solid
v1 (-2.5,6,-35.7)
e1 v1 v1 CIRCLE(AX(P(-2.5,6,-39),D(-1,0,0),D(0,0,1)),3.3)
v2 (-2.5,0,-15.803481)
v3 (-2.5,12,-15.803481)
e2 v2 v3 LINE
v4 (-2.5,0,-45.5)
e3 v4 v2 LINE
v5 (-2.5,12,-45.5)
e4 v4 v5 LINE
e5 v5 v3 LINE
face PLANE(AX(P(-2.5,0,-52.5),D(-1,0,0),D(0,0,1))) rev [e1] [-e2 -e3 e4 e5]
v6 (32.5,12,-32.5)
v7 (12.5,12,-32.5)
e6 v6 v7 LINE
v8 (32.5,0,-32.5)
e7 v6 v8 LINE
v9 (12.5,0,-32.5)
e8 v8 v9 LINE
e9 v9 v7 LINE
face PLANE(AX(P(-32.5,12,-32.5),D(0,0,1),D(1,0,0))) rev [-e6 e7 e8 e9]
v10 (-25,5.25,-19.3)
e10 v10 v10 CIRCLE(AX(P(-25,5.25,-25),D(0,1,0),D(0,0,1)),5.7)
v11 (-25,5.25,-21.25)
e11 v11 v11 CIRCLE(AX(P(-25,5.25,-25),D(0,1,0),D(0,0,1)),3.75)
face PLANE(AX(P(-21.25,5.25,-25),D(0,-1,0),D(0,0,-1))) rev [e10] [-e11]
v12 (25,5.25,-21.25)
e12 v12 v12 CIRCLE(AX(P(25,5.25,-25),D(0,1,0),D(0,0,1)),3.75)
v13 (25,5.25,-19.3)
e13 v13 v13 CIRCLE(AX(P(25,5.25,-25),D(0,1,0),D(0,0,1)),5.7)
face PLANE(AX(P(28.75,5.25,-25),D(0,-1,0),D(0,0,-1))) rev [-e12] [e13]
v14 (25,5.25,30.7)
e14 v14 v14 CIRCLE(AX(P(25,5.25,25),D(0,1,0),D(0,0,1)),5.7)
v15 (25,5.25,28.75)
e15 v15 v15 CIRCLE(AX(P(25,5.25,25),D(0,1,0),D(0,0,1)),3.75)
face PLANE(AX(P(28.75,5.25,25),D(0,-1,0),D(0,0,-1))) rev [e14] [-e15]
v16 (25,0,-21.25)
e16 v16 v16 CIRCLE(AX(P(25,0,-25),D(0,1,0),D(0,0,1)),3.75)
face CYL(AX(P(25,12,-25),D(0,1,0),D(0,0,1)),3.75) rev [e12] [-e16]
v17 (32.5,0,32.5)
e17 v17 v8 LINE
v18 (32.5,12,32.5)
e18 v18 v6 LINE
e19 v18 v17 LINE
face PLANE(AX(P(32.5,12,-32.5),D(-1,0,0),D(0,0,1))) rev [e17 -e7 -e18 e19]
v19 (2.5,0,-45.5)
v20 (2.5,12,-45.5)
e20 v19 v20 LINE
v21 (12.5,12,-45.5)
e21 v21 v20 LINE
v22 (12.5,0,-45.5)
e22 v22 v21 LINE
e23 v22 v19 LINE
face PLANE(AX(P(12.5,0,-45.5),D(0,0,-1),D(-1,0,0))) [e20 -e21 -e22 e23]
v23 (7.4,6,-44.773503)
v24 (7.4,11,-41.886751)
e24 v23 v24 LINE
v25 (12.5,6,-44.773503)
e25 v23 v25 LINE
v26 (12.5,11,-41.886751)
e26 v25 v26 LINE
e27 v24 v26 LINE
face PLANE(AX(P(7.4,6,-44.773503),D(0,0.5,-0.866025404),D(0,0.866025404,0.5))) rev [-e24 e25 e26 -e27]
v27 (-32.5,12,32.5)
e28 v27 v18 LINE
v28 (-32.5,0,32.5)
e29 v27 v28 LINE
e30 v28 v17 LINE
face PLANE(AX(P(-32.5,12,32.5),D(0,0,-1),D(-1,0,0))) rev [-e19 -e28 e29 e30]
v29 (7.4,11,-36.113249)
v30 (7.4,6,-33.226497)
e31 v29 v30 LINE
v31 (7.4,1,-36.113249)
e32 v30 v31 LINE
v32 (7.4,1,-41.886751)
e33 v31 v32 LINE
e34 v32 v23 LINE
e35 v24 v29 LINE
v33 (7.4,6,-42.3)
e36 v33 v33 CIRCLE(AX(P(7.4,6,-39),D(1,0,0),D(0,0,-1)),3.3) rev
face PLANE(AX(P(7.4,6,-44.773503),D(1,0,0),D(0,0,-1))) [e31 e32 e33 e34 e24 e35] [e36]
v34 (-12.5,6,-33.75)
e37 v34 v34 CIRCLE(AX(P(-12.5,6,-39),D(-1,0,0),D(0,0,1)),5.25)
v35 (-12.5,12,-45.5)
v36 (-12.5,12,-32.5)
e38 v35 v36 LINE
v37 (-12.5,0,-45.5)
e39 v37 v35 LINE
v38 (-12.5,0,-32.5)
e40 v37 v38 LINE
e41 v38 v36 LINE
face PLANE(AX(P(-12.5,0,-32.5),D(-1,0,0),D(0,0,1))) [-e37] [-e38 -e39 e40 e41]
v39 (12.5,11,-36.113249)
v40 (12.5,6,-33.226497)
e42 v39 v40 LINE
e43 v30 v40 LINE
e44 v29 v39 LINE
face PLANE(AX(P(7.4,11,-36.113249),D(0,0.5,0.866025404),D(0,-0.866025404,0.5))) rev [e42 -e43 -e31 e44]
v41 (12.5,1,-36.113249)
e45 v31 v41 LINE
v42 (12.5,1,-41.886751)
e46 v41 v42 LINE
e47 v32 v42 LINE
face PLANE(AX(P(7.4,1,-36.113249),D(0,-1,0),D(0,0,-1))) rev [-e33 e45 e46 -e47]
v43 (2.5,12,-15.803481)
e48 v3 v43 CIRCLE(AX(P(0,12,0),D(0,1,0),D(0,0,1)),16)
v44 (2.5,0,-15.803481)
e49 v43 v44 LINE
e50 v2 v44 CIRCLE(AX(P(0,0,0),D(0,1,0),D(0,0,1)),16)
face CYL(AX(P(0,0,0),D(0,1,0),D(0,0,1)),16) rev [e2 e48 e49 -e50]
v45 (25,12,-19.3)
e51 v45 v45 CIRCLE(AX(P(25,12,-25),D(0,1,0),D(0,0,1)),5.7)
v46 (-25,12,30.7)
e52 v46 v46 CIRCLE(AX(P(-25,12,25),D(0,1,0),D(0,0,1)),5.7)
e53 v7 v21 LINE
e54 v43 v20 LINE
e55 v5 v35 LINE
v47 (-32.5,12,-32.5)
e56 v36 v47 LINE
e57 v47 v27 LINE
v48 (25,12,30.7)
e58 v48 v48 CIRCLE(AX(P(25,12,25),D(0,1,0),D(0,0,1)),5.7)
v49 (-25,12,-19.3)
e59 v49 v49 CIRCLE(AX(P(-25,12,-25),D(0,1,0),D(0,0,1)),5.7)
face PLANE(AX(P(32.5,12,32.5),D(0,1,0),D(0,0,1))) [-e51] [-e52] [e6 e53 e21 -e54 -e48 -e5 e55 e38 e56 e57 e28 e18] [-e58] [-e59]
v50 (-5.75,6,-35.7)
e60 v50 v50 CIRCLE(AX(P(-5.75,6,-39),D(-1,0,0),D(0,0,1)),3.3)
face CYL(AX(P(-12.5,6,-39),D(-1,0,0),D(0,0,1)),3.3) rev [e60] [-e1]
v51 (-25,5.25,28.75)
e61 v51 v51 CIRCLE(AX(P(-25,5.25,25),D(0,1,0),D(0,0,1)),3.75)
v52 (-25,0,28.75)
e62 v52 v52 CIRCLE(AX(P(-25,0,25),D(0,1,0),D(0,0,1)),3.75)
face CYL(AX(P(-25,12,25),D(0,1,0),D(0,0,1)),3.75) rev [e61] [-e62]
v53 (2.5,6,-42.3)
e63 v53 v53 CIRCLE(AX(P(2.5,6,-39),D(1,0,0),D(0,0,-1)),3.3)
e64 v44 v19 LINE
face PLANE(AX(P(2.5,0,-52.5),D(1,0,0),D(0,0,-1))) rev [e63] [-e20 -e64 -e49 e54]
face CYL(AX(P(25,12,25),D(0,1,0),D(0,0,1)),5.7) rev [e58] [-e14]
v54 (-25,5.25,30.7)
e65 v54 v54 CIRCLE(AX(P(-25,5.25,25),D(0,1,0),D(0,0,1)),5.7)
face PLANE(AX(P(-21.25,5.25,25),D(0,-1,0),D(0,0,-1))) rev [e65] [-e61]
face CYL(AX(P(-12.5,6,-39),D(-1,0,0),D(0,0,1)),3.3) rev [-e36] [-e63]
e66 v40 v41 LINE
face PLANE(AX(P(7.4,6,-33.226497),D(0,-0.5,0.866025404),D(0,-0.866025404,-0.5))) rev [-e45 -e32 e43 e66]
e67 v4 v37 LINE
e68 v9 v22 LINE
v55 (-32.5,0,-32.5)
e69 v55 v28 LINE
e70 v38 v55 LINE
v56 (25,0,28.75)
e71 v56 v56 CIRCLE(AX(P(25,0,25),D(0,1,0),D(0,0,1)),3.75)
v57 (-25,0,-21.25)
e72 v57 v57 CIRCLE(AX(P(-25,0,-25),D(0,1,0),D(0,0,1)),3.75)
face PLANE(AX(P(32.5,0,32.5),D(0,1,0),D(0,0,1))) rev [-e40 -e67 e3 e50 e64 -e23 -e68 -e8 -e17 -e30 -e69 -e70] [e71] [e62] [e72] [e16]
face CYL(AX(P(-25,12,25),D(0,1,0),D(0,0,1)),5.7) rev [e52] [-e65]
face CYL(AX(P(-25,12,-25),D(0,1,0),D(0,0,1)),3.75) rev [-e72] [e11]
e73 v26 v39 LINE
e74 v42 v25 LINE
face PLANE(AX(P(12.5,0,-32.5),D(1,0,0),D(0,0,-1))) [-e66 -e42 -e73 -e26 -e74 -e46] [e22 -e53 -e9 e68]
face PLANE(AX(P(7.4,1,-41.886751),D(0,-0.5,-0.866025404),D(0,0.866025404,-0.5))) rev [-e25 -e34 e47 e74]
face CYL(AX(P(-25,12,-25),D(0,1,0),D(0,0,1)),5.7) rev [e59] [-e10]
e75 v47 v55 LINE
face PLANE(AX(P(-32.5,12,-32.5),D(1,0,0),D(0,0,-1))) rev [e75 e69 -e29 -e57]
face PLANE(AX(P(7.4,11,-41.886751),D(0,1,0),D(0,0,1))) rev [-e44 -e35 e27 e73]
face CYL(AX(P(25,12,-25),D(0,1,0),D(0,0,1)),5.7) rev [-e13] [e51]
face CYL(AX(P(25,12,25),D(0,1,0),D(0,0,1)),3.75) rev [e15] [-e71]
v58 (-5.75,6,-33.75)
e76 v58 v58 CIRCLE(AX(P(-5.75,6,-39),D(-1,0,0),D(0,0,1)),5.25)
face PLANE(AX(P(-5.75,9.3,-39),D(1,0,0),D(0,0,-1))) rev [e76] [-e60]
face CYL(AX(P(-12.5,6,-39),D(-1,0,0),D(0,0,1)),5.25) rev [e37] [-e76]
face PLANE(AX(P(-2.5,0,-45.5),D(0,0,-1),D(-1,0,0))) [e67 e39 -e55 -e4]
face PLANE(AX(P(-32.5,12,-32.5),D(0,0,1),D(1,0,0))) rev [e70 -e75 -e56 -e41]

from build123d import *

# Parameters (mm, degrees)
SKETCH1_W                                           = 65
SKETCH1_H                                           = 65
BOSS_EXTRUDE1_DEPTH                                 = 12
SKETCH3_R                                           = 16
CUT_EXTRUDE1_DEPTH                                  = 12
SKETCH4_W                                           = 5
SKETCH4_H                                           = 40
CUT_EXTRUDE2_DEPTH                                  = 12
SKETCH5_W                                           = 10
SKETCH5_H                                           = 13
BOSS_EXTRUDE4_DEPTH                                 = 12
LPATTERN1_COUNT                                     = 2
LPATTERN1_PITCH                                     = 15
CBORE_FOR_M6_HEX_SOCKET_HEAD_CAP_SCREW1_D           = 6.6
CBORE_FOR_M6_HEX_SOCKET_HEAD_CAP_SCREW1_CBORE_D     = 10.5
CBORE_FOR_M6_HEX_SOCKET_HEAD_CAP_SCREW1_CBORE_DEPTH = 6.75
CUT_EXTRUDE3_DEPTH                                  = 5.1
CBORE_FOR_M6_HEX_SOCKET_HEAD_CAP_SCREW2_D           = 7.5
CBORE_FOR_M6_HEX_SOCKET_HEAD_CAP_SCREW2_CBORE_D     = 11.4
CBORE_FOR_M6_HEX_SOCKET_HEAD_CAP_SCREW2_CBORE_DEPTH = 6.75
CBORE_FOR_M6_HEX_SOCKET_HEAD_CAP_SCREW3_D           = 7.5
CBORE_FOR_M6_HEX_SOCKET_HEAD_CAP_SCREW3_CBORE_D     = 11.4
CBORE_FOR_M6_HEX_SOCKET_HEAD_CAP_SCREW3_CBORE_DEPTH = 6.75
CBORE_FOR_M6_HEX_SOCKET_HEAD_CAP_SCREW4_D           = 7.5
CBORE_FOR_M6_HEX_SOCKET_HEAD_CAP_SCREW4_CBORE_D     = 11.4
CBORE_FOR_M6_HEX_SOCKET_HEAD_CAP_SCREW4_CBORE_DEPTH = 6.75
CBORE_FOR_M6_HEX_SOCKET_HEAD_CAP_SCREW5_D           = 7.5
CBORE_FOR_M6_HEX_SOCKET_HEAD_CAP_SCREW5_CBORE_D     = 11.4
CBORE_FOR_M6_HEX_SOCKET_HEAD_CAP_SCREW5_CBORE_DEPTH = 6.75


with BuildPart() as part:
    # Sketch1 → Boss-Extrude1 (new body)
    with BuildSketch(Plane(origin=(0, 0, 0), x_dir=(1, 0, 0), z_dir=(0, 1, 0))):
        Rectangle(SKETCH1_W, SKETCH1_H)
    extrude(amount=BOSS_EXTRUDE1_DEPTH)

    # Sketch3 → Cut-Extrude1 (cut)
    with BuildSketch(Plane(origin=(0, 12, 0), x_dir=(-1, 0, 0), z_dir=(0, 1, 0))):
        with Locations(Location((0, 0, 0), (0, 0, 90))):
            Circle(SKETCH3_R)
    extrude(amount=-CUT_EXTRUDE1_DEPTH, mode=Mode.SUBTRACT)

    # Sketch4 → Cut-Extrude2 (cut)
    with BuildSketch(Plane(origin=(0, 12, 0), x_dir=(-1, 0, 0), z_dir=(0, 1, 0))):
        with Locations((0, -32.5)):
            Rectangle(SKETCH4_W, SKETCH4_H)
    extrude(amount=-CUT_EXTRUDE2_DEPTH, mode=Mode.SUBTRACT)

    # Sketch5 → Boss-Extrude4 (add)
    with BuildSketch(Plane(origin=(0, 12, 0), x_dir=(-1, 0, 0), z_dir=(0, 1, 0))):
        with Locations((7.5, -39)):
            Rectangle(SKETCH5_W, SKETCH5_H)
    boss_extrude4 = extrude(amount=-BOSS_EXTRUDE4_DEPTH)

    # LPattern1: Boss-Extrude4 ×2
    with Locations(*[(i * LPATTERN1_PITCH, 0, 0) for i in range(1, LPATTERN1_COUNT)]):
        add(boss_extrude4)

    # CBORE for M6 Hex Socket Head Cap Screw1 (through all)
    with Locations(Plane.ZY.offset(12.5)):
        with Locations((-39, 6)):
            CounterBoreHole(CBORE_FOR_M6_HEX_SOCKET_HEAD_CAP_SCREW1_D / 2, CBORE_FOR_M6_HEX_SOCKET_HEAD_CAP_SCREW1_CBORE_D / 2, CBORE_FOR_M6_HEX_SOCKET_HEAD_CAP_SCREW1_CBORE_DEPTH)

    # Sketch9 → Cut-Extrude3 (cut)
    with BuildSketch(Plane(origin=(12.5, 0, 0), x_dir=(0, 0, -1), z_dir=(1, 0, 0))):
        Polygon((44.773502692, 6), (41.886751346, 11), (36.113248654, 11), (33.226497308, 6), (36.113248654, 1), (41.886751346, 1), align=None)
    extrude(amount=-CUT_EXTRUDE3_DEPTH, mode=Mode.SUBTRACT)

    # CBORE for M6 Hex Socket Head Cap Screw2 (through all)
    with Locations(Plane(origin=(0, 12, 0), x_dir=(-1, 0, 0), z_dir=(0, 1, 0))):
        with Locations((25, -25)):
            CounterBoreHole(CBORE_FOR_M6_HEX_SOCKET_HEAD_CAP_SCREW2_D / 2, CBORE_FOR_M6_HEX_SOCKET_HEAD_CAP_SCREW2_CBORE_D / 2, CBORE_FOR_M6_HEX_SOCKET_HEAD_CAP_SCREW2_CBORE_DEPTH)

    # CBORE for M6 Hex Socket Head Cap Screw3 (through all)
    with Locations(Plane(origin=(0, 12, 0), x_dir=(-1, 0, 0), z_dir=(0, 1, 0))):
        with Locations((-25, -25)):
            CounterBoreHole(CBORE_FOR_M6_HEX_SOCKET_HEAD_CAP_SCREW3_D / 2, CBORE_FOR_M6_HEX_SOCKET_HEAD_CAP_SCREW3_CBORE_D / 2, CBORE_FOR_M6_HEX_SOCKET_HEAD_CAP_SCREW3_CBORE_DEPTH)

    # CBORE for M6 Hex Socket Head Cap Screw4 (through all)
    with Locations(Plane(origin=(0, 12, 0), x_dir=(-1, 0, 0), z_dir=(0, 1, 0))):
        with Locations((-25, 25)):
            CounterBoreHole(CBORE_FOR_M6_HEX_SOCKET_HEAD_CAP_SCREW4_D / 2, CBORE_FOR_M6_HEX_SOCKET_HEAD_CAP_SCREW4_CBORE_D / 2, CBORE_FOR_M6_HEX_SOCKET_HEAD_CAP_SCREW4_CBORE_DEPTH)

    # CBORE for M6 Hex Socket Head Cap Screw5 (through all)
    with Locations(Plane(origin=(0, 12, 0), x_dir=(-1, 0, 0), z_dir=(0, 1, 0))):
        with Locations((25, 25)):
            CounterBoreHole(CBORE_FOR_M6_HEX_SOCKET_HEAD_CAP_SCREW5_D / 2, CBORE_FOR_M6_HEX_SOCKET_HEAD_CAP_SCREW5_CBORE_D / 2, CBORE_FOR_M6_HEX_SOCKET_HEAD_CAP_SCREW5_CBORE_DEPTH)


solid = part.part
